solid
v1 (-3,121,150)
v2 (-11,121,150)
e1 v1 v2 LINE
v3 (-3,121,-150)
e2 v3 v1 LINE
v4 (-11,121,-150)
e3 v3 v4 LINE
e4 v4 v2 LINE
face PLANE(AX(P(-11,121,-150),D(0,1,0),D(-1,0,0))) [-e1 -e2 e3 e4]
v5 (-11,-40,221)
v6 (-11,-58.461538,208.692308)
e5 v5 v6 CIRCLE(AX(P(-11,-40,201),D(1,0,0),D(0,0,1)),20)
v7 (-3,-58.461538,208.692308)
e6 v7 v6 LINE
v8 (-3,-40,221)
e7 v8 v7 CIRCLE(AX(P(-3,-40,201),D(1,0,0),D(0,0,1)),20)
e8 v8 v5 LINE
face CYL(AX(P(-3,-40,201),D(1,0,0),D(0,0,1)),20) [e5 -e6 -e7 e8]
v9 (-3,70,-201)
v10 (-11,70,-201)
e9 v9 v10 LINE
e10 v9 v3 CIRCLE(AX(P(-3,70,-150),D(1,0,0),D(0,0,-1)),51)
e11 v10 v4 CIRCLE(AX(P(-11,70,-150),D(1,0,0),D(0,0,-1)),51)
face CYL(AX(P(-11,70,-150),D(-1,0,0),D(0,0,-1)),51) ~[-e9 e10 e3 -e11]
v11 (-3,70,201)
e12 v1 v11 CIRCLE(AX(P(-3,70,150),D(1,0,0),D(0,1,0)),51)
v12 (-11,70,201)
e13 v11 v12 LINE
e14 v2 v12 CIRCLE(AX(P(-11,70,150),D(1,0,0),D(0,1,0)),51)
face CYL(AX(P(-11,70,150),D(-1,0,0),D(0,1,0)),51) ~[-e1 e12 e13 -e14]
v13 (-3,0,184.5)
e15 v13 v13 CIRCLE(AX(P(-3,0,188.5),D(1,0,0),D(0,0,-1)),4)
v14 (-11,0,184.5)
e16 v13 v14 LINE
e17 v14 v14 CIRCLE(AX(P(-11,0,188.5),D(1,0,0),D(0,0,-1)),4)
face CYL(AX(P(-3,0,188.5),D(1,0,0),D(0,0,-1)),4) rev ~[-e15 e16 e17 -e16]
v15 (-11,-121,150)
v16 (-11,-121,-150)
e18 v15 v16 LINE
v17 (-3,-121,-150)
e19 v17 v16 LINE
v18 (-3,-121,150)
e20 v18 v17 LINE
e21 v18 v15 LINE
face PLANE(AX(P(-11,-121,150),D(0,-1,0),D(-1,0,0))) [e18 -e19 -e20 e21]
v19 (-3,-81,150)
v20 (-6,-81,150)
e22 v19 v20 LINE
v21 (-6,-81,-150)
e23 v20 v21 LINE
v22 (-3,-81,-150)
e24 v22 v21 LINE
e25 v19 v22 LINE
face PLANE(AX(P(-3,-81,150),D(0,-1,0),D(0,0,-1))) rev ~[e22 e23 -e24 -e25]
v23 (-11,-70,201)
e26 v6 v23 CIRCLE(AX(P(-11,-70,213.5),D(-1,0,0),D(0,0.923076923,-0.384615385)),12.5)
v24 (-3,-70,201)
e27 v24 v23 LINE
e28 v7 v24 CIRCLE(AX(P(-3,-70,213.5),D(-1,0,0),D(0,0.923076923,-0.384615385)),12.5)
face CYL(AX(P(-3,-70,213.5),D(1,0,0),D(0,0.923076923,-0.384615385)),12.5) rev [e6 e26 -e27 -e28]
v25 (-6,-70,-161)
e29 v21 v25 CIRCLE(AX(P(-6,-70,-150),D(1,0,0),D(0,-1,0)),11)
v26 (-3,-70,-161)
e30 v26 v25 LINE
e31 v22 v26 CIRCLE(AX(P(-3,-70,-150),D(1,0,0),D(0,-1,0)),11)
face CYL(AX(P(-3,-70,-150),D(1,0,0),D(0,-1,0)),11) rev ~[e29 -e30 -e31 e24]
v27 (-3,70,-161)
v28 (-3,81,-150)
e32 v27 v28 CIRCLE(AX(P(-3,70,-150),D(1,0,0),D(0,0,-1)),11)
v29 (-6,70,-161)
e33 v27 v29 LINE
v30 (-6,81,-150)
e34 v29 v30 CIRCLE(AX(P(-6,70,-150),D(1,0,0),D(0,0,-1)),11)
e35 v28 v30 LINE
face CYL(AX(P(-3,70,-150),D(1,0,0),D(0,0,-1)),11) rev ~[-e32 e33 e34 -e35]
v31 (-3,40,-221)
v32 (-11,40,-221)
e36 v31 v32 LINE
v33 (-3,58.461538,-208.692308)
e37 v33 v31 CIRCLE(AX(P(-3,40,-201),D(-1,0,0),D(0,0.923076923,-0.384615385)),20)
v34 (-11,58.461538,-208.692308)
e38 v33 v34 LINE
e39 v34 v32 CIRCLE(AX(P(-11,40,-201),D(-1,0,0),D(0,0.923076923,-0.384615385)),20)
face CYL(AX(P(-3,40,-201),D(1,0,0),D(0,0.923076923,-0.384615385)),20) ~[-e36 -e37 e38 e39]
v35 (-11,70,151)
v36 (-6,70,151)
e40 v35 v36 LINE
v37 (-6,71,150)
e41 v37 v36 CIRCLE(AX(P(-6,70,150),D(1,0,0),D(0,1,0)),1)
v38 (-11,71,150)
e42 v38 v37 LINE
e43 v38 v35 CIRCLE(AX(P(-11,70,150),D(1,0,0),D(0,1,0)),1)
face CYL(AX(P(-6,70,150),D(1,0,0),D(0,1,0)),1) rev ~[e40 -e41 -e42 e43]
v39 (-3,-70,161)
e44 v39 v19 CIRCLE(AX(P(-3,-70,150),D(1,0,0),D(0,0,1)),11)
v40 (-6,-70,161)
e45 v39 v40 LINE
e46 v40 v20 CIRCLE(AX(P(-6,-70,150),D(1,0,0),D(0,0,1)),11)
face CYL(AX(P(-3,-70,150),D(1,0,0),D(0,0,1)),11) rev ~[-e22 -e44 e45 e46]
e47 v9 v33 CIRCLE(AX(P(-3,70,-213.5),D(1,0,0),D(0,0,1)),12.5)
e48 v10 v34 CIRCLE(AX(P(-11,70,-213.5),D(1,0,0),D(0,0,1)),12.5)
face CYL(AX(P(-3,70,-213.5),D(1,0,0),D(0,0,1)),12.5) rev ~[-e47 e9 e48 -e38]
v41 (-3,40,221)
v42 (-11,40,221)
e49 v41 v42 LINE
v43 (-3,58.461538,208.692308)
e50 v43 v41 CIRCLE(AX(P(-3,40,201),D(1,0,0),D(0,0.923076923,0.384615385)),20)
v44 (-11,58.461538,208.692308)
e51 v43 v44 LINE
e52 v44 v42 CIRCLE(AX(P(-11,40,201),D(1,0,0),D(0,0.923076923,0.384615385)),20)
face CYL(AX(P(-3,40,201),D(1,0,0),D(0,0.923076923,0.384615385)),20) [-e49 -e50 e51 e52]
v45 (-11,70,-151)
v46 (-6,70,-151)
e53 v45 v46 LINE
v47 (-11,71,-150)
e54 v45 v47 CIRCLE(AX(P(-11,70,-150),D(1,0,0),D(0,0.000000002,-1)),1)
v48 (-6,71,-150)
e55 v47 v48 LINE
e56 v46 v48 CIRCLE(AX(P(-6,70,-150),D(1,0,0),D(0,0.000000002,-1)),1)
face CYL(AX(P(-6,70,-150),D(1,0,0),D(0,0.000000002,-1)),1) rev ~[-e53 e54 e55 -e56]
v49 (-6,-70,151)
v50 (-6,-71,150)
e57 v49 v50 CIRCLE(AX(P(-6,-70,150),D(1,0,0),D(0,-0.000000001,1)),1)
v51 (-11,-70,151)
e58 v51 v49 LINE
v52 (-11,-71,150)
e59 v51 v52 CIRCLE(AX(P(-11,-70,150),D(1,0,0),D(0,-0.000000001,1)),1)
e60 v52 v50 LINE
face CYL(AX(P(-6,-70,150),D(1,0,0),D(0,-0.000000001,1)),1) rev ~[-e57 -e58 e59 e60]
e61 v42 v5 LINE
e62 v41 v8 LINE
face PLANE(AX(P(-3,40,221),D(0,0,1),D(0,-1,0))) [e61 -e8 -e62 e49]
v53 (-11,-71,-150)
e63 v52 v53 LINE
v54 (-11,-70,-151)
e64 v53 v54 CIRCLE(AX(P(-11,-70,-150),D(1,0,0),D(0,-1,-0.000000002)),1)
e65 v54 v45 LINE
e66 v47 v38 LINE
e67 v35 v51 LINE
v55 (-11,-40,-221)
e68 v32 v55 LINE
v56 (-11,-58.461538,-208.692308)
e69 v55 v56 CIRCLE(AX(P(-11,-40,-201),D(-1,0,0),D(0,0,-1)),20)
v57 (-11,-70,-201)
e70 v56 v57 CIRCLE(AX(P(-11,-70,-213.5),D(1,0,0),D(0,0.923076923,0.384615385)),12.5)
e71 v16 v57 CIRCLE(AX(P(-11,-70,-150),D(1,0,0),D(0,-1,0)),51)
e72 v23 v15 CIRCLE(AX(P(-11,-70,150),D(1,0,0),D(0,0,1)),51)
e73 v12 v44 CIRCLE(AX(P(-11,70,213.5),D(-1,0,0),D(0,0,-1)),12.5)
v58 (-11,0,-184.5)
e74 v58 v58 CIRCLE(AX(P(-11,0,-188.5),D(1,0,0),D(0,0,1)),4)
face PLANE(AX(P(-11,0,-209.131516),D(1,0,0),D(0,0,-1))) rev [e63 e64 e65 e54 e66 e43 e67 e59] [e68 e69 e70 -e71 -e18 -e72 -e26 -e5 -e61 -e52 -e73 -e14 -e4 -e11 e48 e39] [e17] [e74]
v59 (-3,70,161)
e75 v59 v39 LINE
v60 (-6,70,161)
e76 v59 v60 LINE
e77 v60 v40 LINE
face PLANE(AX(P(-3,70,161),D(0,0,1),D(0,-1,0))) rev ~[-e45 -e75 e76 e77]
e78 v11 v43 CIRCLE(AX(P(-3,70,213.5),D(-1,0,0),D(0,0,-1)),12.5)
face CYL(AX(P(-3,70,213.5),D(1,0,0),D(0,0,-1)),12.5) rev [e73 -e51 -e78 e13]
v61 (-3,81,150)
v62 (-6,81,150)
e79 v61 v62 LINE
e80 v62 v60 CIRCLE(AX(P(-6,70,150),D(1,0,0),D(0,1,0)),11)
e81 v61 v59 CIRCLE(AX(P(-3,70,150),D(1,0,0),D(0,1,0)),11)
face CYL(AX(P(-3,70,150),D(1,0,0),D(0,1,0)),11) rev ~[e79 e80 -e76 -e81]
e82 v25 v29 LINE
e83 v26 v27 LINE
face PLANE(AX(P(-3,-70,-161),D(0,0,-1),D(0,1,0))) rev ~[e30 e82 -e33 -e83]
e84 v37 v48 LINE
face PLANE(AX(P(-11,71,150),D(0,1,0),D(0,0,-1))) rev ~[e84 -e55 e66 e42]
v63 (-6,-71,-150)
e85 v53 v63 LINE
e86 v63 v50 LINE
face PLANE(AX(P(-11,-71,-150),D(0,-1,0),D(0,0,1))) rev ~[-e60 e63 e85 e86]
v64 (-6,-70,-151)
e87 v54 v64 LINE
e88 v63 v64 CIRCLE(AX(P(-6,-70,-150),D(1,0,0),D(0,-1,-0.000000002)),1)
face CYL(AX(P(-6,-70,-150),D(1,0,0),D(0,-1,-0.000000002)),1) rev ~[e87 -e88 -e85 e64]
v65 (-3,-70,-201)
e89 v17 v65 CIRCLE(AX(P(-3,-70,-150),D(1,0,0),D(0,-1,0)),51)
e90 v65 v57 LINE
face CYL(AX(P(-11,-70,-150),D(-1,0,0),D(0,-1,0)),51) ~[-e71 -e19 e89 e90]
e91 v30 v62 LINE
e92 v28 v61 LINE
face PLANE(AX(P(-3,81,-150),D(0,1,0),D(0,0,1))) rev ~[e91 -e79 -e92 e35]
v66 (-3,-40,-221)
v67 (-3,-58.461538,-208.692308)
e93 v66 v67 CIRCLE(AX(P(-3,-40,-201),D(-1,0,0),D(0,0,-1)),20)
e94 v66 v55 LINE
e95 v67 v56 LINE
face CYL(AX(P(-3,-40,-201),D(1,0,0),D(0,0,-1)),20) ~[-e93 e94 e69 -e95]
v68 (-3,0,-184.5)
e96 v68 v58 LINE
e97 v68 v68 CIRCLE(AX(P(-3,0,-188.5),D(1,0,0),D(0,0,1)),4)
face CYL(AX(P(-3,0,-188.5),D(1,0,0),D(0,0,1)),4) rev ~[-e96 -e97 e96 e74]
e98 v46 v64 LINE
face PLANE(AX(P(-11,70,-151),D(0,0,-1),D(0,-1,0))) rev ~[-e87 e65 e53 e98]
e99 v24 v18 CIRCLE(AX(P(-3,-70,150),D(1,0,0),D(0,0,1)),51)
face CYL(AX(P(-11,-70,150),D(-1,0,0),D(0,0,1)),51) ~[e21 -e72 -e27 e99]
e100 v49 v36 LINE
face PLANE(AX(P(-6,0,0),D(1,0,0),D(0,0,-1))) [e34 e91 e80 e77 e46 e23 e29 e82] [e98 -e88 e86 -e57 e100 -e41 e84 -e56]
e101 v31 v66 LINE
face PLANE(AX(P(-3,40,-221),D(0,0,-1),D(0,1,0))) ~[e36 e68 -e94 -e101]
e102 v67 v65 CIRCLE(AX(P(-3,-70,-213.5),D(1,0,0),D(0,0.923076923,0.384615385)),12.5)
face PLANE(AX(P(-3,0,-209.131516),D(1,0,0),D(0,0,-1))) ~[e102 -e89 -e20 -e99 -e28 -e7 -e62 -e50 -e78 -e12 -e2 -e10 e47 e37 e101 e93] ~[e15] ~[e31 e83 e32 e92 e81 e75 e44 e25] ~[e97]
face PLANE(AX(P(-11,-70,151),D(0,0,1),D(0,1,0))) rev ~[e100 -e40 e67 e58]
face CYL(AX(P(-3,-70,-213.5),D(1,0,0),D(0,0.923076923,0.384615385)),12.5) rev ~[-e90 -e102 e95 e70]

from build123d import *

# Parameters (mm, degrees)
BOSS_EXTRUDE1_DEPTH = 8
CUT_EXTRUDE2_DEPTH  = 3
SKETCH3_R           = 4
CUT_EXTRUDE1_DEPTH  = 235.746671968
BOSS_EXTRUDE2_DEPTH = 8


with BuildPart() as part:
    # Sweep1: sweep along a path in Sketch2
    with BuildLine(Plane(origin=(0, 0, 0), x_dir=(0, 0, -1), z_dir=(1, 0, 0))) as sweep1_path:
        Line((150, 92), (-150, 92))
        ThreePointArc((-150, 92), (-165.556349186, 85.556349186), (-172, 70))
        Line((-172, 70), (-172, -70))
        ThreePointArc((-172, -70), (-165.556349186, -85.556349186), (-150, -92))
        Line((-150, -92), (150, -92))
        ThreePointArc((150, -92), (165.556349186, -85.556349186), (172, -70))
        Line((172, -70), (172, 70))
        ThreePointArc((172, 70), (165.556349186, 85.556349186), (150, 92))
    # Sketch1 → Sweep1 (sweep)
    with BuildSketch(Plane.XY):
        Polygon((-3, 121), (-3, 81), (-6, 81), (-6, 71), (-11, 71), (-11, 121), align=None)
    sweep(path=sweep1_path.line)

    # Sketch5 → Boss-Extrude1 (add)
    with BuildSketch(Plane.ZY.offset(11)):
        with BuildLine():
            Line((201, -70), (201, 70))
            ThreePointArc((201, 70), (186.062445841, 106.062445841), (150, 121))
            Line((150, 121), (-150, 121))
            ThreePointArc((-150, 121), (-186.062445841, 106.062445841), (-201, 70))
            Line((-201, 70), (-201, -70))
            ThreePointArc((-201, -70), (-186.062445841, -106.062445841), (-150, -121))
            Line((-150, -121), (150, -121))
            ThreePointArc((150, -121), (186.062445841, -106.062445841), (201, -70))
        make_face()
        with BuildLine():
            Line((0, 71), (-150, 71))
            ThreePointArc((-150, 71), (-150.707106781, 70.707106781), (-151, 70))
            Line((-151, 70), (-151, -70))
            ThreePointArc((-151, -70), (-150.707106781, -70.707106781), (-150, -71))
            Line((-150, -71), (150, -71))
            ThreePointArc((150, -71), (150.707106781, -70.707106781), (151, -70))
            Line((151, -70), (151, 70))
            ThreePointArc((151, 70), (150.707106781, 70.707106781), (150, 71))
            Line((150, 71), (0, 71))
        make_face(mode=Mode.SUBTRACT)
    extrude(amount=-BOSS_EXTRUDE1_DEPTH)

    # Sketch7 → Cut-Extrude2 (cut)
    with BuildSketch(Plane(origin=(-3, 0, 0), x_dir=(0, 0, -1), z_dir=(1, 0, 0))):
        with BuildLine():
            Line((161, -70), (161, 70))
            ThreePointArc((161, 70), (157.778174593, 77.778174593), (150, 81))
            Line((150, 81), (-150, 81))
            ThreePointArc((-150, 81), (-157.778174593, 77.778174593), (-161, 70))
            Line((-161, 70), (-161, -70))
            ThreePointArc((-161, -70), (-157.778174593, -77.778174593), (-150, -81))
            Line((-150, -81), (150, -81))
            ThreePointArc((150, -81), (157.778174593, -77.778174593), (161, -70))
        make_face()
    extrude(amount=-CUT_EXTRUDE2_DEPTH, mode=Mode.SUBTRACT)

    # Sketch3 → Cut-Extrude1 (cut, through all)
    with BuildSketch(Plane(origin=(-3, 0, 0), x_dir=(0, 0, -1), z_dir=(1, 0, 0))):
        with Locations((-188.5, 0)):
            Circle(SKETCH3_R)
        with Locations(Location((188.5, 0, 0), (0, 0, 180))):
            Circle(SKETCH3_R)
    extrude(amount=-CUT_EXTRUDE1_DEPTH, mode=Mode.SUBTRACT)

    # Sketch8 → Boss-Extrude2 (add)
    with BuildSketch(Plane(origin=(-3, 0, 0), x_dir=(0, 0, -1), z_dir=(1, 0, 0))):
        with BuildLine():
            Line((-201, -70), (-201, 70))
            ThreePointArc((-201, 70), (-203.099371321, 63.066247547), (-208.692307692, 58.461538462))
            ThreePointArc((-208.692307692, 58.461538462), (-217.641005887, 51.094003925), (-221, 40))
            Line((-221, 40), (-221, -40))
            ThreePointArc((-221, -40), (-217.641005887, -51.094003925), (-208.692307692, -58.461538462))
            ThreePointArc((-208.692307692, -58.461538462), (-203.099371321, -63.066247547), (-201, -70))
        make_face()
    boss_extrude2 = extrude(amount=-BOSS_EXTRUDE2_DEPTH)

    # Mirror1: Boss-Extrude2 across plane
    add(boss_extrude2.mirror(Plane.XY))


solid = part.part
